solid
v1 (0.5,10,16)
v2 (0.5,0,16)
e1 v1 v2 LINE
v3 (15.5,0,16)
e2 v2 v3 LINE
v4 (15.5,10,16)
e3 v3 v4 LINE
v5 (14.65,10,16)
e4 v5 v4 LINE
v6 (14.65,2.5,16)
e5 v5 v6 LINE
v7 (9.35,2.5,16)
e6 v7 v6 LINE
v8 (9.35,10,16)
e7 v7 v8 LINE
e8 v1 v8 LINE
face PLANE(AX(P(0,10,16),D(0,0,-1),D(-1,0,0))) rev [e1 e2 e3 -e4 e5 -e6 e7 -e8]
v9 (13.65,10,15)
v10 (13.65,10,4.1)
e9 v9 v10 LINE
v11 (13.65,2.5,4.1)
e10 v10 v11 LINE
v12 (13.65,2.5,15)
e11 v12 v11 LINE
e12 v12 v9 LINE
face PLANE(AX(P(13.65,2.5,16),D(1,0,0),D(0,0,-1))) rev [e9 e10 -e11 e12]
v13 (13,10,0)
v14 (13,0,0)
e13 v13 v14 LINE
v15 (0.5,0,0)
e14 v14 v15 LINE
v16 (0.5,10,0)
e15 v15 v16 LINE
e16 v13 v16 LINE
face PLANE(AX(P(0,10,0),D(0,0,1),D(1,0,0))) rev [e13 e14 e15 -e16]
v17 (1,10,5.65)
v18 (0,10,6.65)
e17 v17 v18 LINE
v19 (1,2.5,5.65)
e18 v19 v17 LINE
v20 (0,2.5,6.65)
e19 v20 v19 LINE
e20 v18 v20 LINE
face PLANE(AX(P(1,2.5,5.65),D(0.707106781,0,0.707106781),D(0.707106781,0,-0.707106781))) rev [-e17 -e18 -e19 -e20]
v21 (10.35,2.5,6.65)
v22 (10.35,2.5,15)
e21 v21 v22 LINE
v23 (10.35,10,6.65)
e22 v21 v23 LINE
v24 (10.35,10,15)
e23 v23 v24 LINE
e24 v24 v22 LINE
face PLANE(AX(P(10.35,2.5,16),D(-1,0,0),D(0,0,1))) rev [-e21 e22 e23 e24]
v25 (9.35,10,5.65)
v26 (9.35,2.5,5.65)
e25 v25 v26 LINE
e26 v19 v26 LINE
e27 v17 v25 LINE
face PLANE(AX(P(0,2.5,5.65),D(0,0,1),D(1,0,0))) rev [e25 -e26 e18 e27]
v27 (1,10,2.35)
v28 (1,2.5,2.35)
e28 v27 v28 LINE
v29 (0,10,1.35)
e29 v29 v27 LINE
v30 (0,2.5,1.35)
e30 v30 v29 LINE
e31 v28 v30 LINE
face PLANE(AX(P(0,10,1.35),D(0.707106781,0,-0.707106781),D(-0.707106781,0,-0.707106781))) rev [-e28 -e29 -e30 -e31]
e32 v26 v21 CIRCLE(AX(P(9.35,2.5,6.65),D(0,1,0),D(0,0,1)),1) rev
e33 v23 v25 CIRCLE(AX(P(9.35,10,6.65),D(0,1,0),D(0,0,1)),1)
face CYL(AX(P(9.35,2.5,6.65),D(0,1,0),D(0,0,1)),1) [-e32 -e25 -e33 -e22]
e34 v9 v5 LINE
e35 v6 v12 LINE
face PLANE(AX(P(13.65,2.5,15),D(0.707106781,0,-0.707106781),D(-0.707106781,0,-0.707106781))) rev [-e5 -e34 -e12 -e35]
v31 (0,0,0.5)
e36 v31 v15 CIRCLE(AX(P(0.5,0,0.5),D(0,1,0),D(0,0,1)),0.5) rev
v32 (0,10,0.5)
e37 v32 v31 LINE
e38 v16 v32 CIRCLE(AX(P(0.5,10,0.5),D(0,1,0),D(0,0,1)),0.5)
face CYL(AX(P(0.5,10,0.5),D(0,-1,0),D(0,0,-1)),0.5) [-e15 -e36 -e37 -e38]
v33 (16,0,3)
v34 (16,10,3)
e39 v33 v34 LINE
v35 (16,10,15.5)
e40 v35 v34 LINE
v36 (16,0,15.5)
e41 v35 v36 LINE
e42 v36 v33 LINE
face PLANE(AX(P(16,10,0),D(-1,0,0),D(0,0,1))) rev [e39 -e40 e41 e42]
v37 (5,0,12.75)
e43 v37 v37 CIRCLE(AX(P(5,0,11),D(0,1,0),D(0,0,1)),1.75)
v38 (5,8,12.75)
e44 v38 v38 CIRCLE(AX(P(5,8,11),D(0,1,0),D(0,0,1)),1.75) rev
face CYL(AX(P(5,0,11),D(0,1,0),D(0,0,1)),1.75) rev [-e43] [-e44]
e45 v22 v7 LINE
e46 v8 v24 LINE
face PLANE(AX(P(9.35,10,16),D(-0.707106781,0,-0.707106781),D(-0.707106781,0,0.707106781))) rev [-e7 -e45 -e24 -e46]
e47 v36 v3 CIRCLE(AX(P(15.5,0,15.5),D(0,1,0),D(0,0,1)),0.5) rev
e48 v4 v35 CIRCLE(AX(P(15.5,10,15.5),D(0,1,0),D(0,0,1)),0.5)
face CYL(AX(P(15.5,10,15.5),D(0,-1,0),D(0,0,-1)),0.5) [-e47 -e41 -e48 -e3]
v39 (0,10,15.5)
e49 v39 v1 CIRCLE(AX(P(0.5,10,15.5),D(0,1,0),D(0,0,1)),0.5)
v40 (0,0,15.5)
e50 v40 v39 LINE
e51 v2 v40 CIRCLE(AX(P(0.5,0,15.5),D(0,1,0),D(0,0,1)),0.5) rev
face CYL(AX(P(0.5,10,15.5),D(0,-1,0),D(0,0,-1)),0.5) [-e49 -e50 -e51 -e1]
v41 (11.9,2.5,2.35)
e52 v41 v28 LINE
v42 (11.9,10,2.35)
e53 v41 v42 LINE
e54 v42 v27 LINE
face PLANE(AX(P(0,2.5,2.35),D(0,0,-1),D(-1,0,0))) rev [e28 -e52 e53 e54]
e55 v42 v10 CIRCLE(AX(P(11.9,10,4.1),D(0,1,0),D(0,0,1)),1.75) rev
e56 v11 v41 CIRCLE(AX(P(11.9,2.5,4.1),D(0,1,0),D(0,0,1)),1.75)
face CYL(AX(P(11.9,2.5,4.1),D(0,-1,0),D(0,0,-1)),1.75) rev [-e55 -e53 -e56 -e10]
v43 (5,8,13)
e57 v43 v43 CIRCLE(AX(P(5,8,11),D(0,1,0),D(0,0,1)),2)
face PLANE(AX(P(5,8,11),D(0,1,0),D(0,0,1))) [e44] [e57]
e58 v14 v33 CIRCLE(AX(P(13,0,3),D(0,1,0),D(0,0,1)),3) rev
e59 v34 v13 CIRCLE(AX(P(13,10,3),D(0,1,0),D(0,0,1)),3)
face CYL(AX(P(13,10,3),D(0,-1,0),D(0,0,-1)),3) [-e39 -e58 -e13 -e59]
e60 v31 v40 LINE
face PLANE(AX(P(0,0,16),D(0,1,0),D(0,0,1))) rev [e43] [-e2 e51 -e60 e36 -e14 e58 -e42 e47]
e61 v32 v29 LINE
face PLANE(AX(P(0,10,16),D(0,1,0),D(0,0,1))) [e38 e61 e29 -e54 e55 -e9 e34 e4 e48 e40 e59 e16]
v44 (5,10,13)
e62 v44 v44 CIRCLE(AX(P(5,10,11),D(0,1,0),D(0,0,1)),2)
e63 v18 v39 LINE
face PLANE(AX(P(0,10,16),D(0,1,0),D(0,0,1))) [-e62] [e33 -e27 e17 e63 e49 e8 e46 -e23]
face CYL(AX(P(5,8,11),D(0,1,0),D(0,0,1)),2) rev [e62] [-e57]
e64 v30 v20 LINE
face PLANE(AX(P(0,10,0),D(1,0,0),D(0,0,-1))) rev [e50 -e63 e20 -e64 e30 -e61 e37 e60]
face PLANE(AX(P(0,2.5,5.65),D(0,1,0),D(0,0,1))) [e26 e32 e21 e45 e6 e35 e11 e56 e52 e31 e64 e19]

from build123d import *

# Parameters (mm, degrees)
SKETCH1_W           = 16
SKETCH1_H           = 16
BOSS_EXTRUDE1_DEPTH = 10
SKETCH4_R           = 1.75
CUT_EXTRUDE3_DEPTH  = 10
CUT_EXTRUDE4_DEPTH  = 7.5
FILLET1_R           = 1
FILLET2_R           = 1.75
FILLET5_R           = 3
CHAMFER1_SIZE       = 1
FILLET6_R           = 0.5
SKETCH6_R           = 2
CUT_EXTRUDE5_DEPTH  = 2


with BuildPart() as part:
    # Sketch1 → Boss-Extrude1 (new body)
    with BuildSketch(Plane(origin=(0, 0, 0), x_dir=(1, 0, 0), z_dir=(0, 1, 0))):
        with Locations((8, -8)):
            Rectangle(SKETCH1_W, SKETCH1_H)
    extrude(amount=BOSS_EXTRUDE1_DEPTH)

    # Sketch4 → Cut-Extrude3 (cut)
    with BuildSketch(Plane(origin=(0, 10, 0), x_dir=(1, 0, 0), z_dir=(0, 1, 0))):
        with Locations(Location((5, -11, 0), (0, 0, 270))):
            Circle(SKETCH4_R)
    extrude(amount=-CUT_EXTRUDE3_DEPTH, mode=Mode.SUBTRACT)

    # Sketch5 → Cut-Extrude4 (cut)
    with BuildSketch(Plane(origin=(0, 10, 0), x_dir=(1, 0, 0), z_dir=(0, 1, 0))):
        Polygon((0, -2.35), (13.65, -2.35), (13.65, -16), (10.35, -16), (10.35, -5.65), (0, -5.65), align=None)
    extrude(amount=-CUT_EXTRUDE4_DEPTH, mode=Mode.SUBTRACT)

    # Fillet1
    fillet1_edges = [part.edges().sort_by_distance(p)[0] for p in [
        (10.35, 6.25, 5.65),
    ]]
    fillet(fillet1_edges, radius=FILLET1_R)

    # Fillet2
    fillet2_edges = [part.edges().sort_by_distance(p)[0] for p in [
        (13.65, 6.25, 2.35),
    ]]
    fillet(fillet2_edges, radius=FILLET2_R)

    # Fillet5
    fillet5_edges = [part.edges().sort_by_distance(p)[0] for p in [
        (16, 5, 0),
    ]]
    fillet(fillet5_edges, radius=FILLET5_R)

    # Chamfer1
    chamfer1_edges = [part.edges().sort_by_distance(p)[0] for p in [
        (0, 6.25, 5.65),
        (0, 6.25, 2.35),
        (13.65, 6.25, 16),
        (10.35, 6.25, 16),
    ]]
    chamfer(chamfer1_edges, length=CHAMFER1_SIZE)

    # Fillet6
    fillet6_edges = [part.edges().sort_by_distance(p)[0] for p in [
        (0, 5, 0),
        (16, 5, 16),
        (0, 5, 16),
    ]]
    fillet(fillet6_edges, radius=FILLET6_R)

    # Sketch6 → Cut-Extrude5 (cut)
    with BuildSketch(Plane(origin=(0, 10, 0), x_dir=(1, 0, 0), z_dir=(0, 1, 0))):
        with Locations(Location((5, -11, 0), (0, 0, 270))):
            Circle(SKETCH6_R)
    extrude(amount=-CUT_EXTRUDE5_DEPTH, mode=Mode.SUBTRACT)


solid = part.part
